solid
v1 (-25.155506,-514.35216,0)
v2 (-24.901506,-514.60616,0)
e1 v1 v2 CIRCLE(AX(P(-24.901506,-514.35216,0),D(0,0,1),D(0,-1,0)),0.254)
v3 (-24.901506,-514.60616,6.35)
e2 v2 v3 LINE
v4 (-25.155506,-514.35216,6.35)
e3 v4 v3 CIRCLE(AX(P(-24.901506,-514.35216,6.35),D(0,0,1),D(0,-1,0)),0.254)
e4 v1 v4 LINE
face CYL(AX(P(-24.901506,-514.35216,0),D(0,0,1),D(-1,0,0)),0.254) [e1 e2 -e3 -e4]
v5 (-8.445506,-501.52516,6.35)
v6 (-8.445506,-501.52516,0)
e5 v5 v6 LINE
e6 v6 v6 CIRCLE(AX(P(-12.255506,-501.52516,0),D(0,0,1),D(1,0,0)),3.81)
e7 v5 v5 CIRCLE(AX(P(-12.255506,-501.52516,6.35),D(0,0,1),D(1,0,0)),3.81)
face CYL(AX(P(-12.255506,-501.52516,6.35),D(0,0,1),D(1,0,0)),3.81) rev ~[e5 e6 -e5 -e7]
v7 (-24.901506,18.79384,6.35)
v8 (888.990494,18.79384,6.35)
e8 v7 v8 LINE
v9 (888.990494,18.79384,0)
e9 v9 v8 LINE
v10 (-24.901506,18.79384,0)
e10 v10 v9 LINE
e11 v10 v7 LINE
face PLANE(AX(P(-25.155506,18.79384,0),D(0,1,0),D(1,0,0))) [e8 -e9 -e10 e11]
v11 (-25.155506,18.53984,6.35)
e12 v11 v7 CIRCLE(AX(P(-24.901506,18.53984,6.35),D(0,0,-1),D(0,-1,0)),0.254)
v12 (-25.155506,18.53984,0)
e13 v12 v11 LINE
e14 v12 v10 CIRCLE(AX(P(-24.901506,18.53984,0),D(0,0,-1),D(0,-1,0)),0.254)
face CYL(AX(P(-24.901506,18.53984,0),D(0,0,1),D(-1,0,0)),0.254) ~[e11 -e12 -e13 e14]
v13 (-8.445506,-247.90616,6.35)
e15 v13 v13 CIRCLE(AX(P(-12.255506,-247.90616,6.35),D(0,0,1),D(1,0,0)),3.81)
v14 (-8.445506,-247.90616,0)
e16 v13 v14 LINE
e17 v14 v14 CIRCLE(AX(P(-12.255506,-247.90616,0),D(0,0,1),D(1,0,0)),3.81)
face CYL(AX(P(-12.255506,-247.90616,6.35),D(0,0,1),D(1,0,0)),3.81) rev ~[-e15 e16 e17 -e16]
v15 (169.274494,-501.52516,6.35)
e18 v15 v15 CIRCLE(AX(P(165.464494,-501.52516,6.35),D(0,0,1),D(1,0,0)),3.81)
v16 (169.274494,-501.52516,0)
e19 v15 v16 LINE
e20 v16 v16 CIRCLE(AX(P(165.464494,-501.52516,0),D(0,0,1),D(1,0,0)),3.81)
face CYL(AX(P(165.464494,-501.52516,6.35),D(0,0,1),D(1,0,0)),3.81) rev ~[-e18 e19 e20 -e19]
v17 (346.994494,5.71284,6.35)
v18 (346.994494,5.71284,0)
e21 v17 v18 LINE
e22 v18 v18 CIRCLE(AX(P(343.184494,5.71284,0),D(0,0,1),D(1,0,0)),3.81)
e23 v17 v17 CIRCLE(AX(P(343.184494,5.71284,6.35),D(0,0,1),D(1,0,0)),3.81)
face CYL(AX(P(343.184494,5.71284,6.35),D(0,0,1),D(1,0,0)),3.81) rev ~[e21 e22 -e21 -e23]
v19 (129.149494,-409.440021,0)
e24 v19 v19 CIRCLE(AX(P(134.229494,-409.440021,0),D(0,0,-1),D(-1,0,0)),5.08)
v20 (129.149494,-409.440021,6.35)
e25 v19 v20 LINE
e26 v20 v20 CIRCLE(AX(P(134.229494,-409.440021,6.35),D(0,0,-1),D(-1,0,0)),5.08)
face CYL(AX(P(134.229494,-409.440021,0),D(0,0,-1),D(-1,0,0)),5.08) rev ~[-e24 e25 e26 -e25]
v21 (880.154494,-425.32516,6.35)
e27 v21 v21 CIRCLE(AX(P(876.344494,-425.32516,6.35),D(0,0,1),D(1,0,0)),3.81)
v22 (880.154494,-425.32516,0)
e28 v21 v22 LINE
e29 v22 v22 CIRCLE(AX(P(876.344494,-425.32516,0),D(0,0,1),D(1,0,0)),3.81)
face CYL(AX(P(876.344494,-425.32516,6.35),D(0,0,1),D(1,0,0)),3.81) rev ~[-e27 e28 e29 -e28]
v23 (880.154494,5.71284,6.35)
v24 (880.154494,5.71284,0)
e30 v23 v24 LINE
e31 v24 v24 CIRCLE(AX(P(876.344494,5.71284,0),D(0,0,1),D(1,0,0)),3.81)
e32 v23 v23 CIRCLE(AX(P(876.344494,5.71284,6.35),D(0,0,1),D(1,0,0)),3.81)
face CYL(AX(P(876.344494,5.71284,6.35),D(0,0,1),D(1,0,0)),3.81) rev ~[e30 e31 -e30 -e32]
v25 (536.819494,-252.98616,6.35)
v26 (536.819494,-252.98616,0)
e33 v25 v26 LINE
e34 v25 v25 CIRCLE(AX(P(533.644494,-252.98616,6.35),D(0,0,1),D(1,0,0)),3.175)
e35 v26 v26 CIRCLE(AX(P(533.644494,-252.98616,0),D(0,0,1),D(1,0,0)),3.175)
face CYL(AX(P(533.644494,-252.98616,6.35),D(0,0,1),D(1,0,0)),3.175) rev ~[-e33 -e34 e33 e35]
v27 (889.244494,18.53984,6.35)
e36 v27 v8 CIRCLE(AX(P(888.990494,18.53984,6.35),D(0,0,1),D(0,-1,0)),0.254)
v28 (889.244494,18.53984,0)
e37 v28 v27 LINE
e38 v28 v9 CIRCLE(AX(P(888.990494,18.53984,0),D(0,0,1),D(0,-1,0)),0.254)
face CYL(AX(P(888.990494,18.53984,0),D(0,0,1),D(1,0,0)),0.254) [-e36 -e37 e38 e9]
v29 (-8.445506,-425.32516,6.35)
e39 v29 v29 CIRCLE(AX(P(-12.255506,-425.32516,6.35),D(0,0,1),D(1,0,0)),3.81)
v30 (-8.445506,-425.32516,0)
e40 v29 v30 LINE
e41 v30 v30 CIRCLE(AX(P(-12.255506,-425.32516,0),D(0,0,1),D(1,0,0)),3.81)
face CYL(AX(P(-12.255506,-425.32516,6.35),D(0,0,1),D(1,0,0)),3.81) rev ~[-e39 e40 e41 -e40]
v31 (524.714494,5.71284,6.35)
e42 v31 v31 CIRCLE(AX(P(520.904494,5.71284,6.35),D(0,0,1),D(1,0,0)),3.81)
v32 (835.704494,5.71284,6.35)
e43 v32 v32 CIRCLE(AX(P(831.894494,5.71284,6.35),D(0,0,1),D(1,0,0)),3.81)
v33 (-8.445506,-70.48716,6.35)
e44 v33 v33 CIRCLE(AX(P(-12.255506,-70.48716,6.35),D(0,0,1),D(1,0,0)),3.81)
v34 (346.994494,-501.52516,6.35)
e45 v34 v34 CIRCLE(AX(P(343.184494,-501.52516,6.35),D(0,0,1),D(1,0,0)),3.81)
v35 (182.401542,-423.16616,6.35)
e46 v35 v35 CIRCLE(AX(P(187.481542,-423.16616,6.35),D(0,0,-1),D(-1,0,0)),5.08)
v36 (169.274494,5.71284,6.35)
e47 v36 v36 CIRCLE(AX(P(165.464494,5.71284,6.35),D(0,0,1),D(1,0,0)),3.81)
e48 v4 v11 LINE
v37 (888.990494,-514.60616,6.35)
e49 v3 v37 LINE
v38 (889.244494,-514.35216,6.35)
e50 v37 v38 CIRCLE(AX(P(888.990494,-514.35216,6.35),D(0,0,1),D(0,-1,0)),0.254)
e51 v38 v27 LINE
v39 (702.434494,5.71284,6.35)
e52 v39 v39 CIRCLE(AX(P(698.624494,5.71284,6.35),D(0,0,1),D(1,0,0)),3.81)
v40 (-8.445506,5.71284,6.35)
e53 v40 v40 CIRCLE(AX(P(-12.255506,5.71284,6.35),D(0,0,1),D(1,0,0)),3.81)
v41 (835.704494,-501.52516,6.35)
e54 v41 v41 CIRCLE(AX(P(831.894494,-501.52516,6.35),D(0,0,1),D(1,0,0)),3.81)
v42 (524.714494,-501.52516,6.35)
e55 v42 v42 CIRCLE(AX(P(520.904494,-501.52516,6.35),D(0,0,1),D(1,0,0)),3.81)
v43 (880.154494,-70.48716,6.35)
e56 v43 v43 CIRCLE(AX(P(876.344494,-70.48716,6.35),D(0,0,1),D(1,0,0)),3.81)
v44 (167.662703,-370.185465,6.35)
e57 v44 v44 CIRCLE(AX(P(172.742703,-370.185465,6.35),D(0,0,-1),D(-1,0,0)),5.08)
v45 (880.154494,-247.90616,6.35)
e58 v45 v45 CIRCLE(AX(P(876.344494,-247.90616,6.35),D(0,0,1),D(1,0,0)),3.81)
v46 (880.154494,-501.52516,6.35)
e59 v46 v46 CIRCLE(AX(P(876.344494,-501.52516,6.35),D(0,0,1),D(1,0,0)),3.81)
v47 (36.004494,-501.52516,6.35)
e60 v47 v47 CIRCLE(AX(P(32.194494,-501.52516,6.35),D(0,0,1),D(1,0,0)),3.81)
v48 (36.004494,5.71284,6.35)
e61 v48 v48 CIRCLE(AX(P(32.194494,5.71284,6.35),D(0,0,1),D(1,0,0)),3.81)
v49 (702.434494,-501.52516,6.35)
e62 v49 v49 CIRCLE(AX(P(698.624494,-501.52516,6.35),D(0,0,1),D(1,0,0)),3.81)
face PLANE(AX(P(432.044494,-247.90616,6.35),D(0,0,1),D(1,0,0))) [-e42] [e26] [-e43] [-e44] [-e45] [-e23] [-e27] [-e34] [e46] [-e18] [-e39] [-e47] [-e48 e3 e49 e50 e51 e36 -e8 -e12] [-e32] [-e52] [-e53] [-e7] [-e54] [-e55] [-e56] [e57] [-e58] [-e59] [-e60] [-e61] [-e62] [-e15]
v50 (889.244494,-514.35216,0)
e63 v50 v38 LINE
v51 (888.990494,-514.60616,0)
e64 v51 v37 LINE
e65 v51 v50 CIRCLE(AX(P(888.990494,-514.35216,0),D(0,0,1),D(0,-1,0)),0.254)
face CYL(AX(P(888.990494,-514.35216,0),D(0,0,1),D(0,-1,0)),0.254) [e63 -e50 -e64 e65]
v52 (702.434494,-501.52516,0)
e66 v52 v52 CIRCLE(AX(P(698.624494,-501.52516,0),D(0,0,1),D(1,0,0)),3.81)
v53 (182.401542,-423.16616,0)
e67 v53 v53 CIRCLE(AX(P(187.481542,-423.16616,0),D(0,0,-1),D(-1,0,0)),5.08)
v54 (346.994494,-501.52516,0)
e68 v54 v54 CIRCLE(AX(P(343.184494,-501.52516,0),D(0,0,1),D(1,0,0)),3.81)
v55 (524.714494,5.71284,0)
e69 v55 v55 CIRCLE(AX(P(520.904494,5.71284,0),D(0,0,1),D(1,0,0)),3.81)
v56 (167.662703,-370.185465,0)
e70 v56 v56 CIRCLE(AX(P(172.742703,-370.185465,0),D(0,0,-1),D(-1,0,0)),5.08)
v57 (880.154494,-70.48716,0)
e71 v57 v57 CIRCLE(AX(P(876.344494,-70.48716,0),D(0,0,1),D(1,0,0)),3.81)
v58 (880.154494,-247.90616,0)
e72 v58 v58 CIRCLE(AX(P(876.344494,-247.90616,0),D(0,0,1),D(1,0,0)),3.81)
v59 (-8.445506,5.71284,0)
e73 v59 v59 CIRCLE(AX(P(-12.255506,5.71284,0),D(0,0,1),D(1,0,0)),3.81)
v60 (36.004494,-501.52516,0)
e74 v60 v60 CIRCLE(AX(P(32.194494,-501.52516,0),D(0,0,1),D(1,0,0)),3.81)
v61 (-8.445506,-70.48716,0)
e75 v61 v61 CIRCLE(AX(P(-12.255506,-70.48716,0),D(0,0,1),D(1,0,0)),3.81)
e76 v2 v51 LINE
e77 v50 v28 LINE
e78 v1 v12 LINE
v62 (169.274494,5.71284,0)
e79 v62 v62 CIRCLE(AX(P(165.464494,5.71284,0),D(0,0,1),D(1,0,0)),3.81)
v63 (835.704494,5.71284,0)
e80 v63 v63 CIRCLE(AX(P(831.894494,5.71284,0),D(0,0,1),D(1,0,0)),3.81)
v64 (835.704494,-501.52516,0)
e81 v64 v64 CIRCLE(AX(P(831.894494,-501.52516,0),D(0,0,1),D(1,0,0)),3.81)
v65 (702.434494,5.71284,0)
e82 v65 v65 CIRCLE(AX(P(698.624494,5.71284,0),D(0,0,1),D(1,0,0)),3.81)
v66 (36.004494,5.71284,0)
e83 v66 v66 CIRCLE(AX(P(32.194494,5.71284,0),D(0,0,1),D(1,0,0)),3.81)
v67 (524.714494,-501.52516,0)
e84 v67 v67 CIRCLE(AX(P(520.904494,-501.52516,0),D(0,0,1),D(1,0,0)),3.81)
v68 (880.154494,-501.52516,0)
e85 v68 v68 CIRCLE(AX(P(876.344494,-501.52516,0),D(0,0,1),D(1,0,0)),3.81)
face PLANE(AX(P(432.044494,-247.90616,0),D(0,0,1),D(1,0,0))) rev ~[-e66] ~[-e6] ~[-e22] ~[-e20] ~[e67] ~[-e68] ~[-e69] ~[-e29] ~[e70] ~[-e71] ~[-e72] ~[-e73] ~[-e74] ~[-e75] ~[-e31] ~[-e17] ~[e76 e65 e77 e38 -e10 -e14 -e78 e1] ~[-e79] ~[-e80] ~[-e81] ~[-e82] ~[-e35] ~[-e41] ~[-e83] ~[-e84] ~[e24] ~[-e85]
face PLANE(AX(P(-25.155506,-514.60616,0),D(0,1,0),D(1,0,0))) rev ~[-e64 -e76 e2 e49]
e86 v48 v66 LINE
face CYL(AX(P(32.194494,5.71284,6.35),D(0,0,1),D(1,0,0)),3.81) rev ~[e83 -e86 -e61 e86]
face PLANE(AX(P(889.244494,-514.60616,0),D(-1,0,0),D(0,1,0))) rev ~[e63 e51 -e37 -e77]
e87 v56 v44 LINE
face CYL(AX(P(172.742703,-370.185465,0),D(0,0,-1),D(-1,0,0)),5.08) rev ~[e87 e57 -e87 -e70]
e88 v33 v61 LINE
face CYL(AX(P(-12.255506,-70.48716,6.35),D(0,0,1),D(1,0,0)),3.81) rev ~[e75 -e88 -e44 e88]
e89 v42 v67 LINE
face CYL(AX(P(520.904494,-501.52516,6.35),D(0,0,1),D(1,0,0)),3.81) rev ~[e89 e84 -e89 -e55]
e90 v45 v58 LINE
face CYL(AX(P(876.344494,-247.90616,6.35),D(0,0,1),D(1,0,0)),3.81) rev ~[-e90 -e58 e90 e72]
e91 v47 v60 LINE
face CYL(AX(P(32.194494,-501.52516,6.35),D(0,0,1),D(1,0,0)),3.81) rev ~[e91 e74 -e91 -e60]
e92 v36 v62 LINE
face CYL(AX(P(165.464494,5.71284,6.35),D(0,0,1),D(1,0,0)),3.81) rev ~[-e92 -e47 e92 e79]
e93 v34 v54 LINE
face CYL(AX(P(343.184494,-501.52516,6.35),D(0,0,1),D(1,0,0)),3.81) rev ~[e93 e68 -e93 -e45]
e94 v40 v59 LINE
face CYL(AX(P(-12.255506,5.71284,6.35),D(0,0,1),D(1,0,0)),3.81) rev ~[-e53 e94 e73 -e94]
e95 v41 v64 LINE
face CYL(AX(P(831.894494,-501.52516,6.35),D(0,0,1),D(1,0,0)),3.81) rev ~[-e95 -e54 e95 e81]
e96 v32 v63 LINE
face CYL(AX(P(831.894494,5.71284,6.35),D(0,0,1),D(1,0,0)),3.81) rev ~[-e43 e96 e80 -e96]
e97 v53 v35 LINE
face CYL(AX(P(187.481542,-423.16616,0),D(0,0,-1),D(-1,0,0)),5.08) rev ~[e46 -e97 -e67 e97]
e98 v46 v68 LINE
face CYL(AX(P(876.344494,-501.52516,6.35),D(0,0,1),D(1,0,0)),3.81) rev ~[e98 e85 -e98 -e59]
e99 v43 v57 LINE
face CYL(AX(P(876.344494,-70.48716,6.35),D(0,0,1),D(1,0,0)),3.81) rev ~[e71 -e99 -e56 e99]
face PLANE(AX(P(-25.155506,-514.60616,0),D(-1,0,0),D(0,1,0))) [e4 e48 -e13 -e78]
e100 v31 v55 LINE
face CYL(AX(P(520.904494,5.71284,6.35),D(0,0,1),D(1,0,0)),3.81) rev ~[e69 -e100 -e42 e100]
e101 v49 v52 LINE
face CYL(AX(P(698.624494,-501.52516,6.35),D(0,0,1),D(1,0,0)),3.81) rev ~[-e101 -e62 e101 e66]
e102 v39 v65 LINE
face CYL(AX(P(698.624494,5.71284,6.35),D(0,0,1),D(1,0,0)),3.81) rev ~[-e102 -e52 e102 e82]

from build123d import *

# Parameters (mm, degrees)
SKETCH1_W           = 914.4
SKETCH1_H           = 533.4
BOSS_EXTRUDE1_DEPTH = 6.35
FILLET1_R           = 0.254
SKETCH2_R           = 5.08
CUT_EXTRUDE1_DEPTH  = 1028.431551458
SKETCH3_R           = 3.81
CUT_EXTRUDE2_DEPTH  = 1028.431551458
SKETCH4_R           = 3.175
CUT_EXTRUDE3_DEPTH  = 1028.431551458


with BuildPart() as part:
    # Sketch1 → Boss-Extrude1 (new body)
    with BuildSketch(Plane.XY):
        with Locations((432.044494017, -247.90616037)):
            Rectangle(SKETCH1_W, SKETCH1_H)
    extrude(amount=BOSS_EXTRUDE1_DEPTH)

    # Fillet1
    fillet1_edges = [part.edges().sort_by_distance(p)[0] for p in [
        (-25.155505983, 18.79383963, 3.175),
        (889.244494017, 18.79383963, 3.175),
        (889.244494017, -514.60616037, 3.175),
        (-25.155505983, -514.60616037, 3.175),
    ]]
    fillet(fillet1_edges, radius=FILLET1_R)

    # Sketch2 → Cut-Extrude1 (cut, through all)
    with BuildSketch(Plane(origin=(0, 0, 0), x_dir=(-1, 0, 0), z_dir=(0, 0, -1))):
        with Locations((-187.481541945, -423.16616037)):
            Circle(SKETCH2_R)
        with Locations((-134.229494017, -409.440021384)):
            Circle(SKETCH2_R)
        with Locations((-172.742703039, -370.185464567)):
            Circle(SKETCH2_R)
    extrude(amount=-CUT_EXTRUDE1_DEPTH, mode=Mode.SUBTRACT)

    # Sketch3 → Cut-Extrude2 (cut, through all)
    with BuildSketch(Plane.XY.offset(6.35)):
        with Locations((876.344494036, 5.71283963)):
            Circle(SKETCH3_R)
        with Locations((876.344494036, -247.90616037)):
            Circle(SKETCH3_R)
        with Locations((876.344494036, -501.52516037)):
            Circle(SKETCH3_R)
        with Locations((-12.255506002, 5.71283963)):
            Circle(SKETCH3_R)
        with Locations((-12.255506002, -247.90616037)):
            Circle(SKETCH3_R)
        with Locations((-12.255506002, -501.52516037)):
            Circle(SKETCH3_R)
        with Locations((698.624494029, 5.71283963)):
            Circle(SKETCH3_R)
        with Locations((520.904494021, 5.71283963)):
            Circle(SKETCH3_R)
        with Locations((343.184494014, 5.71283963)):
            Circle(SKETCH3_R)
        with Locations((165.464494006, 5.71283963)):
            Circle(SKETCH3_R)
        with Locations((698.624494029, -501.52516037)):
            Circle(SKETCH3_R)
        with Locations((520.904494021, -501.52516037)):
            Circle(SKETCH3_R)
        with Locations((343.184494014, -501.52516037)):
            Circle(SKETCH3_R)
        with Locations((165.464494006, -501.52516037)):
            Circle(SKETCH3_R)
        with Locations((831.894494036, 5.71283963)):
            Circle(SKETCH3_R)
        with Locations((876.344494036, -70.48716037)):
            Circle(SKETCH3_R)
        with Locations((876.344494036, -425.32516037)):
            Circle(SKETCH3_R)
        with Locations((831.894494036, -501.52516037)):
            Circle(SKETCH3_R)
        with Locations((32.194493998, -501.52516037)):
            Circle(SKETCH3_R)
        with Locations((-12.255506002, -425.32516037)):
            Circle(SKETCH3_R)
        with Locations((-12.255506002, -70.48716037)):
            Circle(SKETCH3_R)
        with Locations((32.194493998, 5.71283963)):
            Circle(SKETCH3_R)
    extrude(amount=-CUT_EXTRUDE2_DEPTH, mode=Mode.SUBTRACT)

    # Sketch4 → Cut-Extrude3 (cut, through all)
    with BuildSketch(Plane.XY.offset(6.35)):
        with Locations((533.644494017, -252.98616037)):
            Circle(SKETCH4_R)
    extrude(amount=-CUT_EXTRUDE3_DEPTH, mode=Mode.SUBTRACT)


solid = part.part
